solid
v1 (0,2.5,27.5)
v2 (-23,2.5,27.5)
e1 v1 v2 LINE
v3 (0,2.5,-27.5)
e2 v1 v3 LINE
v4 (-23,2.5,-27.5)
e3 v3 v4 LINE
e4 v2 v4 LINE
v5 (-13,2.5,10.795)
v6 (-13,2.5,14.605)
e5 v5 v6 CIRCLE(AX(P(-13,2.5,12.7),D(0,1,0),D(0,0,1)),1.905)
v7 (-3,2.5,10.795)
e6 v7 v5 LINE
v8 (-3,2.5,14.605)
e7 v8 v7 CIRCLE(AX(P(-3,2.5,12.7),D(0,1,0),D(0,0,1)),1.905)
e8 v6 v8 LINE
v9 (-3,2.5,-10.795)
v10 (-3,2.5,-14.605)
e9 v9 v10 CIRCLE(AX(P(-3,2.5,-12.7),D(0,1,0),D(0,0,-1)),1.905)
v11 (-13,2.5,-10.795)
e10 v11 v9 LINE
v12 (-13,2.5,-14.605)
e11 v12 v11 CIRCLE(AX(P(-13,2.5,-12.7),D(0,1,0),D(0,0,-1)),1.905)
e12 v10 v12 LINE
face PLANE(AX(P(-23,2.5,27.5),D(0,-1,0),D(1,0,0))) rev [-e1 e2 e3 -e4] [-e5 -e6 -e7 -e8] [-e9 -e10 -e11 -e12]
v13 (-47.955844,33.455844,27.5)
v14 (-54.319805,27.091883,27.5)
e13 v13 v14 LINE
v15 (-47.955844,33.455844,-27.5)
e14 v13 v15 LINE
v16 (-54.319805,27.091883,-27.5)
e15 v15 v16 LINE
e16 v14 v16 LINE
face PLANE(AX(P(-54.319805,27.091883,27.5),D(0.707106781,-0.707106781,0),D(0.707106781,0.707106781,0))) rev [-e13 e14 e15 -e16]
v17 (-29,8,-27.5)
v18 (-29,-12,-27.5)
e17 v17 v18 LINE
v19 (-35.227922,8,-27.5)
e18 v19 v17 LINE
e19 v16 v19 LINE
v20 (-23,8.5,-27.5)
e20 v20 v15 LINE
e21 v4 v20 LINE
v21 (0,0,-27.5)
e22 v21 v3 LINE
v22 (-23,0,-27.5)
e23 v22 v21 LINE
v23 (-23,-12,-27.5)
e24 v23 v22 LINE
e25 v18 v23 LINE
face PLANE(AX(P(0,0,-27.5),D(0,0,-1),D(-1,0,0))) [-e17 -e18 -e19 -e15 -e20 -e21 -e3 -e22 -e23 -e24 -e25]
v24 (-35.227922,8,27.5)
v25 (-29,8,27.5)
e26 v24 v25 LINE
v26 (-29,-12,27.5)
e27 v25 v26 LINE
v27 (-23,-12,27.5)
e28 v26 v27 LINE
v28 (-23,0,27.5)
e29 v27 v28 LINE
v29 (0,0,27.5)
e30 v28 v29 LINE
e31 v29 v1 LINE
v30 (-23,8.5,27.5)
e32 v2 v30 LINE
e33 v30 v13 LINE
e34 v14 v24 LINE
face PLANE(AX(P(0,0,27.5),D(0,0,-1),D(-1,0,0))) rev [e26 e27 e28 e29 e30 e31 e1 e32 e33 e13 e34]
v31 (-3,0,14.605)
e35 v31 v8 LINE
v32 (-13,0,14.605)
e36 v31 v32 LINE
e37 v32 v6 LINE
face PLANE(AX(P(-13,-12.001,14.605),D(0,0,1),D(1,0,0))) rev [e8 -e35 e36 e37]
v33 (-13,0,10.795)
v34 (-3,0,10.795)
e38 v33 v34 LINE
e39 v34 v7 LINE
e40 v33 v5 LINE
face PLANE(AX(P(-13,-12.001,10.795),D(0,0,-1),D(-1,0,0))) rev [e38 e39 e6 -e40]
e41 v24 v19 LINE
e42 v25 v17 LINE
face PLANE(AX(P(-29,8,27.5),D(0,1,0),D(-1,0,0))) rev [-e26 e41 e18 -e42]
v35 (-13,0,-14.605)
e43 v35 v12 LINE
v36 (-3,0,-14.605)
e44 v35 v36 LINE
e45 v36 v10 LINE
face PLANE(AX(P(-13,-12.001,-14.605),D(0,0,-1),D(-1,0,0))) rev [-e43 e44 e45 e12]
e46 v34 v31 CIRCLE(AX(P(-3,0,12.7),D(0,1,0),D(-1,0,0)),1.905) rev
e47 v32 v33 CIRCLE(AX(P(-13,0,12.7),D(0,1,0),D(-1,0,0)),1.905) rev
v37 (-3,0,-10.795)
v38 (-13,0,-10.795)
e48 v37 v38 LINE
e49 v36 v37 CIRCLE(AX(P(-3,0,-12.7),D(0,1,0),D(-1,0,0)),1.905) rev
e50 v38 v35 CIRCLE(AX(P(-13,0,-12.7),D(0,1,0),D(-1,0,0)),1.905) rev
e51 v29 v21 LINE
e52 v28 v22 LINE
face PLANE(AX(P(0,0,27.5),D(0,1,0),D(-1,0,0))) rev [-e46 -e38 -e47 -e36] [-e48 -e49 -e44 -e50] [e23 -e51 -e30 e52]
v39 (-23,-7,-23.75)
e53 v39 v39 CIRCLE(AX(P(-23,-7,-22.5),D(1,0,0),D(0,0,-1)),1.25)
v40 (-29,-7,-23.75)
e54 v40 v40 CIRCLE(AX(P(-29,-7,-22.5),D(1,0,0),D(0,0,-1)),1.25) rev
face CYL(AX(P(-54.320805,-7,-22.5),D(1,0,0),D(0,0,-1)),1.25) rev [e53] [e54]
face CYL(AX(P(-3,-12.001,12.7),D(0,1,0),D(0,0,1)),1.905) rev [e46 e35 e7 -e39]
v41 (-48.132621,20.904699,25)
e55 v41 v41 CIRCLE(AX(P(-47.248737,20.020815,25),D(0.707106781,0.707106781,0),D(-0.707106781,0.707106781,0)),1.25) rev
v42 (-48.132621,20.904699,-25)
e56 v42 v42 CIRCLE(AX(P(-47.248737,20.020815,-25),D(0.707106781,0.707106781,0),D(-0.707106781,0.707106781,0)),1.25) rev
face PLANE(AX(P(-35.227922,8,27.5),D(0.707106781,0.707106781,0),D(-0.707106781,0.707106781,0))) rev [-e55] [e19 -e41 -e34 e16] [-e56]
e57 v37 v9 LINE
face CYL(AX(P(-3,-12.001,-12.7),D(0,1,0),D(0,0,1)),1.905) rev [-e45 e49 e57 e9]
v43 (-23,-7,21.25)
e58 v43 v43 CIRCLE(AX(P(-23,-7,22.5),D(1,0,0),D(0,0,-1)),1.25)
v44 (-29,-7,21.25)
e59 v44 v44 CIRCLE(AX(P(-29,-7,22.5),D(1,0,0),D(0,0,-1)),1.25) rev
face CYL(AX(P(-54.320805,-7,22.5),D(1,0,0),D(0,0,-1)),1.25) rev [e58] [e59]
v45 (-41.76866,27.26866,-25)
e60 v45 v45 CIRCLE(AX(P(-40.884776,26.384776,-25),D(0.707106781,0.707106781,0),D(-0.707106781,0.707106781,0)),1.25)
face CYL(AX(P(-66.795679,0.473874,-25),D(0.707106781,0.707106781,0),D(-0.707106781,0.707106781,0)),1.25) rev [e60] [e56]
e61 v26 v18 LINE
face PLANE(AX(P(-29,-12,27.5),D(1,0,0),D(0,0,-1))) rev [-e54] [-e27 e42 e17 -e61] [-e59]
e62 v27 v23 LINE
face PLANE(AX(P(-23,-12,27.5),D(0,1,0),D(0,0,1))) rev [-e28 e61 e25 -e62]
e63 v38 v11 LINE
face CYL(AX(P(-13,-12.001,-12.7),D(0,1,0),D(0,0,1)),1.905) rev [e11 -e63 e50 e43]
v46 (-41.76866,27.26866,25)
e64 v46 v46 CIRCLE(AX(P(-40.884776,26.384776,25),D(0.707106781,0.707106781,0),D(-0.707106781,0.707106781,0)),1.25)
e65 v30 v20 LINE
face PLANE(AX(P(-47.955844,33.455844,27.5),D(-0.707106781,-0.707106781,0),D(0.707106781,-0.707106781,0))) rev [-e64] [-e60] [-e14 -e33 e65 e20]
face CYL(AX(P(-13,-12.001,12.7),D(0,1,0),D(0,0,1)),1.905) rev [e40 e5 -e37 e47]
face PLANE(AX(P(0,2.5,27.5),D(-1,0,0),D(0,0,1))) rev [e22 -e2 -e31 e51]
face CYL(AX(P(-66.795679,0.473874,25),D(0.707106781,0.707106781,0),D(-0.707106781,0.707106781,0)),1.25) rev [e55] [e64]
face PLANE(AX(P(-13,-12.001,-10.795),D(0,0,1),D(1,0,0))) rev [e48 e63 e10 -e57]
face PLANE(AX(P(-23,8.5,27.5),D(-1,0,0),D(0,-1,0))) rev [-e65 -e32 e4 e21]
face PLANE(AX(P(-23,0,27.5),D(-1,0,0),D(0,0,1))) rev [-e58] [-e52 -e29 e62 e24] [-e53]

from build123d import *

# Parameters (mm, degrees)
BOSS_EXTRUDE1_DEPTH = 27.5
CUT_EXTRUDE2_REACH  = 16.5
CUT_EXTRUDE3_REACH  = 33.32
SKETCH4_R           = 1.25
CUT_EXTRUDE4_REACH  = 38.642
SKETCH5_R           = 1.25


with BuildPart() as part:
    # Sketch1 → Boss-Extrude1 (new body, symmetric)
    with BuildSketch(Plane.XY):
        Polygon((0, 0), (-23, 0), (-23, -12), (-29, -12), (-29, 8), (-35.227922061, 8), (-54.319805153, 27.091883092), (-47.955844123, 33.455844123), (-23, 8.5), (-23, 2.5), (0, 2.5), align=None)
    extrude(amount=BOSS_EXTRUDE1_DEPTH, both=True)

    # Sketch3 → Cut-Extrude2 (cut, up to next)
    with BuildSketch(Plane(origin=(0, 2.5, 0), x_dir=(1, 0, 0), z_dir=(0, 1, 0)), mode=Mode.PRIVATE) as cut_extrude2_sk1:
        with BuildLine():
            Line((-13, -10.795), (-3, -10.795))
            ThreePointArc((-3, -10.795), (-1.095, -12.7), (-3, -14.605))
            Line((-3, -14.605), (-13, -14.605))
            ThreePointArc((-13, -14.605), (-14.905, -12.7), (-13, -10.795))
        make_face()
    cut_extrude2_tool1 = extrude(cut_extrude2_sk1.sketch, amount=-CUT_EXTRUDE2_REACH, mode=Mode.PRIVATE) & part.part
    add(cut_extrude2_tool1.solids().sort_by_distance((-8, 2.5, 12.7))[0], mode=Mode.SUBTRACT)
    # Sketch3 → Cut-Extrude2 (cut, up to next)
    with BuildSketch(Plane(origin=(0, 2.5, 0), x_dir=(1, 0, 0), z_dir=(0, 1, 0)), mode=Mode.PRIVATE) as cut_extrude2_sk2:
        with BuildLine():
            Line((-13, 10.795), (-3, 10.795))
            ThreePointArc((-3, 10.795), (-1.095, 12.7), (-3, 14.605))
            Line((-3, 14.605), (-13, 14.605))
            ThreePointArc((-13, 14.605), (-14.905, 12.7), (-13, 10.795))
        make_face()
    cut_extrude2_tool2 = extrude(cut_extrude2_sk2.sketch, amount=-CUT_EXTRUDE2_REACH, mode=Mode.PRIVATE) & part.part
    add(cut_extrude2_tool2.solids().sort_by_distance((-8, 2.5, -12.7))[0], mode=Mode.SUBTRACT)

    # Sketch4 → Cut-Extrude3 (cut, up to next)
    with BuildSketch(Plane(origin=(-23, 0, 0), x_dir=(0, 0, -1), z_dir=(1, 0, 0)), mode=Mode.PRIVATE) as cut_extrude3_sk1:
        with Locations((-22.5, -7)):
            Circle(SKETCH4_R)
    cut_extrude3_tool1 = extrude(cut_extrude3_sk1.sketch, amount=-CUT_EXTRUDE3_REACH, mode=Mode.PRIVATE) & part.part
    add(cut_extrude3_tool1.solids().sort_by_distance((-23, -7, 22.5))[0], mode=Mode.SUBTRACT)
    # Sketch4 → Cut-Extrude3 (cut, up to next)
    with BuildSketch(Plane(origin=(-23, 0, 0), x_dir=(0, 0, -1), z_dir=(1, 0, 0)), mode=Mode.PRIVATE) as cut_extrude3_sk2:
        with Locations((22.5, -7)):
            Circle(SKETCH4_R)
    cut_extrude3_tool2 = extrude(cut_extrude3_sk2.sketch, amount=-CUT_EXTRUDE3_REACH, mode=Mode.PRIVATE) & part.part
    add(cut_extrude3_tool2.solids().sort_by_distance((-23, -7, -22.5))[0], mode=Mode.SUBTRACT)

    # Sketch5 → Cut-Extrude4 (cut, up to next)
    with BuildSketch(Plane(origin=(-7.25, -7.25, 0), x_dir=(0, 0, -1), z_dir=(0.707106781, 0.707106781, 0)), mode=Mode.PRIVATE) as cut_extrude4_sk1:
        with Locations((-25, 47.566756826)):
            Circle(SKETCH5_R)
    cut_extrude4_tool1 = extrude(cut_extrude4_sk1.sketch, amount=-CUT_EXTRUDE4_REACH, mode=Mode.PRIVATE) & part.part
    add(cut_extrude4_tool1.solids().sort_by_distance((-40.884776, 26.384776, 25))[0], mode=Mode.SUBTRACT)
    # Sketch5 → Cut-Extrude4 (cut, up to next)
    with BuildSketch(Plane(origin=(-7.25, -7.25, 0), x_dir=(0, 0, -1), z_dir=(0.707106781, 0.707106781, 0)), mode=Mode.PRIVATE) as cut_extrude4_sk2:
        with Locations((25, 47.566756826)):
            Circle(SKETCH5_R)
    cut_extrude4_tool2 = extrude(cut_extrude4_sk2.sketch, amount=-CUT_EXTRUDE4_REACH, mode=Mode.PRIVATE) & part.part
    add(cut_extrude4_tool2.solids().sort_by_distance((-40.884776, 26.384776, -25))[0], mode=Mode.SUBTRACT)


solid = part.part
